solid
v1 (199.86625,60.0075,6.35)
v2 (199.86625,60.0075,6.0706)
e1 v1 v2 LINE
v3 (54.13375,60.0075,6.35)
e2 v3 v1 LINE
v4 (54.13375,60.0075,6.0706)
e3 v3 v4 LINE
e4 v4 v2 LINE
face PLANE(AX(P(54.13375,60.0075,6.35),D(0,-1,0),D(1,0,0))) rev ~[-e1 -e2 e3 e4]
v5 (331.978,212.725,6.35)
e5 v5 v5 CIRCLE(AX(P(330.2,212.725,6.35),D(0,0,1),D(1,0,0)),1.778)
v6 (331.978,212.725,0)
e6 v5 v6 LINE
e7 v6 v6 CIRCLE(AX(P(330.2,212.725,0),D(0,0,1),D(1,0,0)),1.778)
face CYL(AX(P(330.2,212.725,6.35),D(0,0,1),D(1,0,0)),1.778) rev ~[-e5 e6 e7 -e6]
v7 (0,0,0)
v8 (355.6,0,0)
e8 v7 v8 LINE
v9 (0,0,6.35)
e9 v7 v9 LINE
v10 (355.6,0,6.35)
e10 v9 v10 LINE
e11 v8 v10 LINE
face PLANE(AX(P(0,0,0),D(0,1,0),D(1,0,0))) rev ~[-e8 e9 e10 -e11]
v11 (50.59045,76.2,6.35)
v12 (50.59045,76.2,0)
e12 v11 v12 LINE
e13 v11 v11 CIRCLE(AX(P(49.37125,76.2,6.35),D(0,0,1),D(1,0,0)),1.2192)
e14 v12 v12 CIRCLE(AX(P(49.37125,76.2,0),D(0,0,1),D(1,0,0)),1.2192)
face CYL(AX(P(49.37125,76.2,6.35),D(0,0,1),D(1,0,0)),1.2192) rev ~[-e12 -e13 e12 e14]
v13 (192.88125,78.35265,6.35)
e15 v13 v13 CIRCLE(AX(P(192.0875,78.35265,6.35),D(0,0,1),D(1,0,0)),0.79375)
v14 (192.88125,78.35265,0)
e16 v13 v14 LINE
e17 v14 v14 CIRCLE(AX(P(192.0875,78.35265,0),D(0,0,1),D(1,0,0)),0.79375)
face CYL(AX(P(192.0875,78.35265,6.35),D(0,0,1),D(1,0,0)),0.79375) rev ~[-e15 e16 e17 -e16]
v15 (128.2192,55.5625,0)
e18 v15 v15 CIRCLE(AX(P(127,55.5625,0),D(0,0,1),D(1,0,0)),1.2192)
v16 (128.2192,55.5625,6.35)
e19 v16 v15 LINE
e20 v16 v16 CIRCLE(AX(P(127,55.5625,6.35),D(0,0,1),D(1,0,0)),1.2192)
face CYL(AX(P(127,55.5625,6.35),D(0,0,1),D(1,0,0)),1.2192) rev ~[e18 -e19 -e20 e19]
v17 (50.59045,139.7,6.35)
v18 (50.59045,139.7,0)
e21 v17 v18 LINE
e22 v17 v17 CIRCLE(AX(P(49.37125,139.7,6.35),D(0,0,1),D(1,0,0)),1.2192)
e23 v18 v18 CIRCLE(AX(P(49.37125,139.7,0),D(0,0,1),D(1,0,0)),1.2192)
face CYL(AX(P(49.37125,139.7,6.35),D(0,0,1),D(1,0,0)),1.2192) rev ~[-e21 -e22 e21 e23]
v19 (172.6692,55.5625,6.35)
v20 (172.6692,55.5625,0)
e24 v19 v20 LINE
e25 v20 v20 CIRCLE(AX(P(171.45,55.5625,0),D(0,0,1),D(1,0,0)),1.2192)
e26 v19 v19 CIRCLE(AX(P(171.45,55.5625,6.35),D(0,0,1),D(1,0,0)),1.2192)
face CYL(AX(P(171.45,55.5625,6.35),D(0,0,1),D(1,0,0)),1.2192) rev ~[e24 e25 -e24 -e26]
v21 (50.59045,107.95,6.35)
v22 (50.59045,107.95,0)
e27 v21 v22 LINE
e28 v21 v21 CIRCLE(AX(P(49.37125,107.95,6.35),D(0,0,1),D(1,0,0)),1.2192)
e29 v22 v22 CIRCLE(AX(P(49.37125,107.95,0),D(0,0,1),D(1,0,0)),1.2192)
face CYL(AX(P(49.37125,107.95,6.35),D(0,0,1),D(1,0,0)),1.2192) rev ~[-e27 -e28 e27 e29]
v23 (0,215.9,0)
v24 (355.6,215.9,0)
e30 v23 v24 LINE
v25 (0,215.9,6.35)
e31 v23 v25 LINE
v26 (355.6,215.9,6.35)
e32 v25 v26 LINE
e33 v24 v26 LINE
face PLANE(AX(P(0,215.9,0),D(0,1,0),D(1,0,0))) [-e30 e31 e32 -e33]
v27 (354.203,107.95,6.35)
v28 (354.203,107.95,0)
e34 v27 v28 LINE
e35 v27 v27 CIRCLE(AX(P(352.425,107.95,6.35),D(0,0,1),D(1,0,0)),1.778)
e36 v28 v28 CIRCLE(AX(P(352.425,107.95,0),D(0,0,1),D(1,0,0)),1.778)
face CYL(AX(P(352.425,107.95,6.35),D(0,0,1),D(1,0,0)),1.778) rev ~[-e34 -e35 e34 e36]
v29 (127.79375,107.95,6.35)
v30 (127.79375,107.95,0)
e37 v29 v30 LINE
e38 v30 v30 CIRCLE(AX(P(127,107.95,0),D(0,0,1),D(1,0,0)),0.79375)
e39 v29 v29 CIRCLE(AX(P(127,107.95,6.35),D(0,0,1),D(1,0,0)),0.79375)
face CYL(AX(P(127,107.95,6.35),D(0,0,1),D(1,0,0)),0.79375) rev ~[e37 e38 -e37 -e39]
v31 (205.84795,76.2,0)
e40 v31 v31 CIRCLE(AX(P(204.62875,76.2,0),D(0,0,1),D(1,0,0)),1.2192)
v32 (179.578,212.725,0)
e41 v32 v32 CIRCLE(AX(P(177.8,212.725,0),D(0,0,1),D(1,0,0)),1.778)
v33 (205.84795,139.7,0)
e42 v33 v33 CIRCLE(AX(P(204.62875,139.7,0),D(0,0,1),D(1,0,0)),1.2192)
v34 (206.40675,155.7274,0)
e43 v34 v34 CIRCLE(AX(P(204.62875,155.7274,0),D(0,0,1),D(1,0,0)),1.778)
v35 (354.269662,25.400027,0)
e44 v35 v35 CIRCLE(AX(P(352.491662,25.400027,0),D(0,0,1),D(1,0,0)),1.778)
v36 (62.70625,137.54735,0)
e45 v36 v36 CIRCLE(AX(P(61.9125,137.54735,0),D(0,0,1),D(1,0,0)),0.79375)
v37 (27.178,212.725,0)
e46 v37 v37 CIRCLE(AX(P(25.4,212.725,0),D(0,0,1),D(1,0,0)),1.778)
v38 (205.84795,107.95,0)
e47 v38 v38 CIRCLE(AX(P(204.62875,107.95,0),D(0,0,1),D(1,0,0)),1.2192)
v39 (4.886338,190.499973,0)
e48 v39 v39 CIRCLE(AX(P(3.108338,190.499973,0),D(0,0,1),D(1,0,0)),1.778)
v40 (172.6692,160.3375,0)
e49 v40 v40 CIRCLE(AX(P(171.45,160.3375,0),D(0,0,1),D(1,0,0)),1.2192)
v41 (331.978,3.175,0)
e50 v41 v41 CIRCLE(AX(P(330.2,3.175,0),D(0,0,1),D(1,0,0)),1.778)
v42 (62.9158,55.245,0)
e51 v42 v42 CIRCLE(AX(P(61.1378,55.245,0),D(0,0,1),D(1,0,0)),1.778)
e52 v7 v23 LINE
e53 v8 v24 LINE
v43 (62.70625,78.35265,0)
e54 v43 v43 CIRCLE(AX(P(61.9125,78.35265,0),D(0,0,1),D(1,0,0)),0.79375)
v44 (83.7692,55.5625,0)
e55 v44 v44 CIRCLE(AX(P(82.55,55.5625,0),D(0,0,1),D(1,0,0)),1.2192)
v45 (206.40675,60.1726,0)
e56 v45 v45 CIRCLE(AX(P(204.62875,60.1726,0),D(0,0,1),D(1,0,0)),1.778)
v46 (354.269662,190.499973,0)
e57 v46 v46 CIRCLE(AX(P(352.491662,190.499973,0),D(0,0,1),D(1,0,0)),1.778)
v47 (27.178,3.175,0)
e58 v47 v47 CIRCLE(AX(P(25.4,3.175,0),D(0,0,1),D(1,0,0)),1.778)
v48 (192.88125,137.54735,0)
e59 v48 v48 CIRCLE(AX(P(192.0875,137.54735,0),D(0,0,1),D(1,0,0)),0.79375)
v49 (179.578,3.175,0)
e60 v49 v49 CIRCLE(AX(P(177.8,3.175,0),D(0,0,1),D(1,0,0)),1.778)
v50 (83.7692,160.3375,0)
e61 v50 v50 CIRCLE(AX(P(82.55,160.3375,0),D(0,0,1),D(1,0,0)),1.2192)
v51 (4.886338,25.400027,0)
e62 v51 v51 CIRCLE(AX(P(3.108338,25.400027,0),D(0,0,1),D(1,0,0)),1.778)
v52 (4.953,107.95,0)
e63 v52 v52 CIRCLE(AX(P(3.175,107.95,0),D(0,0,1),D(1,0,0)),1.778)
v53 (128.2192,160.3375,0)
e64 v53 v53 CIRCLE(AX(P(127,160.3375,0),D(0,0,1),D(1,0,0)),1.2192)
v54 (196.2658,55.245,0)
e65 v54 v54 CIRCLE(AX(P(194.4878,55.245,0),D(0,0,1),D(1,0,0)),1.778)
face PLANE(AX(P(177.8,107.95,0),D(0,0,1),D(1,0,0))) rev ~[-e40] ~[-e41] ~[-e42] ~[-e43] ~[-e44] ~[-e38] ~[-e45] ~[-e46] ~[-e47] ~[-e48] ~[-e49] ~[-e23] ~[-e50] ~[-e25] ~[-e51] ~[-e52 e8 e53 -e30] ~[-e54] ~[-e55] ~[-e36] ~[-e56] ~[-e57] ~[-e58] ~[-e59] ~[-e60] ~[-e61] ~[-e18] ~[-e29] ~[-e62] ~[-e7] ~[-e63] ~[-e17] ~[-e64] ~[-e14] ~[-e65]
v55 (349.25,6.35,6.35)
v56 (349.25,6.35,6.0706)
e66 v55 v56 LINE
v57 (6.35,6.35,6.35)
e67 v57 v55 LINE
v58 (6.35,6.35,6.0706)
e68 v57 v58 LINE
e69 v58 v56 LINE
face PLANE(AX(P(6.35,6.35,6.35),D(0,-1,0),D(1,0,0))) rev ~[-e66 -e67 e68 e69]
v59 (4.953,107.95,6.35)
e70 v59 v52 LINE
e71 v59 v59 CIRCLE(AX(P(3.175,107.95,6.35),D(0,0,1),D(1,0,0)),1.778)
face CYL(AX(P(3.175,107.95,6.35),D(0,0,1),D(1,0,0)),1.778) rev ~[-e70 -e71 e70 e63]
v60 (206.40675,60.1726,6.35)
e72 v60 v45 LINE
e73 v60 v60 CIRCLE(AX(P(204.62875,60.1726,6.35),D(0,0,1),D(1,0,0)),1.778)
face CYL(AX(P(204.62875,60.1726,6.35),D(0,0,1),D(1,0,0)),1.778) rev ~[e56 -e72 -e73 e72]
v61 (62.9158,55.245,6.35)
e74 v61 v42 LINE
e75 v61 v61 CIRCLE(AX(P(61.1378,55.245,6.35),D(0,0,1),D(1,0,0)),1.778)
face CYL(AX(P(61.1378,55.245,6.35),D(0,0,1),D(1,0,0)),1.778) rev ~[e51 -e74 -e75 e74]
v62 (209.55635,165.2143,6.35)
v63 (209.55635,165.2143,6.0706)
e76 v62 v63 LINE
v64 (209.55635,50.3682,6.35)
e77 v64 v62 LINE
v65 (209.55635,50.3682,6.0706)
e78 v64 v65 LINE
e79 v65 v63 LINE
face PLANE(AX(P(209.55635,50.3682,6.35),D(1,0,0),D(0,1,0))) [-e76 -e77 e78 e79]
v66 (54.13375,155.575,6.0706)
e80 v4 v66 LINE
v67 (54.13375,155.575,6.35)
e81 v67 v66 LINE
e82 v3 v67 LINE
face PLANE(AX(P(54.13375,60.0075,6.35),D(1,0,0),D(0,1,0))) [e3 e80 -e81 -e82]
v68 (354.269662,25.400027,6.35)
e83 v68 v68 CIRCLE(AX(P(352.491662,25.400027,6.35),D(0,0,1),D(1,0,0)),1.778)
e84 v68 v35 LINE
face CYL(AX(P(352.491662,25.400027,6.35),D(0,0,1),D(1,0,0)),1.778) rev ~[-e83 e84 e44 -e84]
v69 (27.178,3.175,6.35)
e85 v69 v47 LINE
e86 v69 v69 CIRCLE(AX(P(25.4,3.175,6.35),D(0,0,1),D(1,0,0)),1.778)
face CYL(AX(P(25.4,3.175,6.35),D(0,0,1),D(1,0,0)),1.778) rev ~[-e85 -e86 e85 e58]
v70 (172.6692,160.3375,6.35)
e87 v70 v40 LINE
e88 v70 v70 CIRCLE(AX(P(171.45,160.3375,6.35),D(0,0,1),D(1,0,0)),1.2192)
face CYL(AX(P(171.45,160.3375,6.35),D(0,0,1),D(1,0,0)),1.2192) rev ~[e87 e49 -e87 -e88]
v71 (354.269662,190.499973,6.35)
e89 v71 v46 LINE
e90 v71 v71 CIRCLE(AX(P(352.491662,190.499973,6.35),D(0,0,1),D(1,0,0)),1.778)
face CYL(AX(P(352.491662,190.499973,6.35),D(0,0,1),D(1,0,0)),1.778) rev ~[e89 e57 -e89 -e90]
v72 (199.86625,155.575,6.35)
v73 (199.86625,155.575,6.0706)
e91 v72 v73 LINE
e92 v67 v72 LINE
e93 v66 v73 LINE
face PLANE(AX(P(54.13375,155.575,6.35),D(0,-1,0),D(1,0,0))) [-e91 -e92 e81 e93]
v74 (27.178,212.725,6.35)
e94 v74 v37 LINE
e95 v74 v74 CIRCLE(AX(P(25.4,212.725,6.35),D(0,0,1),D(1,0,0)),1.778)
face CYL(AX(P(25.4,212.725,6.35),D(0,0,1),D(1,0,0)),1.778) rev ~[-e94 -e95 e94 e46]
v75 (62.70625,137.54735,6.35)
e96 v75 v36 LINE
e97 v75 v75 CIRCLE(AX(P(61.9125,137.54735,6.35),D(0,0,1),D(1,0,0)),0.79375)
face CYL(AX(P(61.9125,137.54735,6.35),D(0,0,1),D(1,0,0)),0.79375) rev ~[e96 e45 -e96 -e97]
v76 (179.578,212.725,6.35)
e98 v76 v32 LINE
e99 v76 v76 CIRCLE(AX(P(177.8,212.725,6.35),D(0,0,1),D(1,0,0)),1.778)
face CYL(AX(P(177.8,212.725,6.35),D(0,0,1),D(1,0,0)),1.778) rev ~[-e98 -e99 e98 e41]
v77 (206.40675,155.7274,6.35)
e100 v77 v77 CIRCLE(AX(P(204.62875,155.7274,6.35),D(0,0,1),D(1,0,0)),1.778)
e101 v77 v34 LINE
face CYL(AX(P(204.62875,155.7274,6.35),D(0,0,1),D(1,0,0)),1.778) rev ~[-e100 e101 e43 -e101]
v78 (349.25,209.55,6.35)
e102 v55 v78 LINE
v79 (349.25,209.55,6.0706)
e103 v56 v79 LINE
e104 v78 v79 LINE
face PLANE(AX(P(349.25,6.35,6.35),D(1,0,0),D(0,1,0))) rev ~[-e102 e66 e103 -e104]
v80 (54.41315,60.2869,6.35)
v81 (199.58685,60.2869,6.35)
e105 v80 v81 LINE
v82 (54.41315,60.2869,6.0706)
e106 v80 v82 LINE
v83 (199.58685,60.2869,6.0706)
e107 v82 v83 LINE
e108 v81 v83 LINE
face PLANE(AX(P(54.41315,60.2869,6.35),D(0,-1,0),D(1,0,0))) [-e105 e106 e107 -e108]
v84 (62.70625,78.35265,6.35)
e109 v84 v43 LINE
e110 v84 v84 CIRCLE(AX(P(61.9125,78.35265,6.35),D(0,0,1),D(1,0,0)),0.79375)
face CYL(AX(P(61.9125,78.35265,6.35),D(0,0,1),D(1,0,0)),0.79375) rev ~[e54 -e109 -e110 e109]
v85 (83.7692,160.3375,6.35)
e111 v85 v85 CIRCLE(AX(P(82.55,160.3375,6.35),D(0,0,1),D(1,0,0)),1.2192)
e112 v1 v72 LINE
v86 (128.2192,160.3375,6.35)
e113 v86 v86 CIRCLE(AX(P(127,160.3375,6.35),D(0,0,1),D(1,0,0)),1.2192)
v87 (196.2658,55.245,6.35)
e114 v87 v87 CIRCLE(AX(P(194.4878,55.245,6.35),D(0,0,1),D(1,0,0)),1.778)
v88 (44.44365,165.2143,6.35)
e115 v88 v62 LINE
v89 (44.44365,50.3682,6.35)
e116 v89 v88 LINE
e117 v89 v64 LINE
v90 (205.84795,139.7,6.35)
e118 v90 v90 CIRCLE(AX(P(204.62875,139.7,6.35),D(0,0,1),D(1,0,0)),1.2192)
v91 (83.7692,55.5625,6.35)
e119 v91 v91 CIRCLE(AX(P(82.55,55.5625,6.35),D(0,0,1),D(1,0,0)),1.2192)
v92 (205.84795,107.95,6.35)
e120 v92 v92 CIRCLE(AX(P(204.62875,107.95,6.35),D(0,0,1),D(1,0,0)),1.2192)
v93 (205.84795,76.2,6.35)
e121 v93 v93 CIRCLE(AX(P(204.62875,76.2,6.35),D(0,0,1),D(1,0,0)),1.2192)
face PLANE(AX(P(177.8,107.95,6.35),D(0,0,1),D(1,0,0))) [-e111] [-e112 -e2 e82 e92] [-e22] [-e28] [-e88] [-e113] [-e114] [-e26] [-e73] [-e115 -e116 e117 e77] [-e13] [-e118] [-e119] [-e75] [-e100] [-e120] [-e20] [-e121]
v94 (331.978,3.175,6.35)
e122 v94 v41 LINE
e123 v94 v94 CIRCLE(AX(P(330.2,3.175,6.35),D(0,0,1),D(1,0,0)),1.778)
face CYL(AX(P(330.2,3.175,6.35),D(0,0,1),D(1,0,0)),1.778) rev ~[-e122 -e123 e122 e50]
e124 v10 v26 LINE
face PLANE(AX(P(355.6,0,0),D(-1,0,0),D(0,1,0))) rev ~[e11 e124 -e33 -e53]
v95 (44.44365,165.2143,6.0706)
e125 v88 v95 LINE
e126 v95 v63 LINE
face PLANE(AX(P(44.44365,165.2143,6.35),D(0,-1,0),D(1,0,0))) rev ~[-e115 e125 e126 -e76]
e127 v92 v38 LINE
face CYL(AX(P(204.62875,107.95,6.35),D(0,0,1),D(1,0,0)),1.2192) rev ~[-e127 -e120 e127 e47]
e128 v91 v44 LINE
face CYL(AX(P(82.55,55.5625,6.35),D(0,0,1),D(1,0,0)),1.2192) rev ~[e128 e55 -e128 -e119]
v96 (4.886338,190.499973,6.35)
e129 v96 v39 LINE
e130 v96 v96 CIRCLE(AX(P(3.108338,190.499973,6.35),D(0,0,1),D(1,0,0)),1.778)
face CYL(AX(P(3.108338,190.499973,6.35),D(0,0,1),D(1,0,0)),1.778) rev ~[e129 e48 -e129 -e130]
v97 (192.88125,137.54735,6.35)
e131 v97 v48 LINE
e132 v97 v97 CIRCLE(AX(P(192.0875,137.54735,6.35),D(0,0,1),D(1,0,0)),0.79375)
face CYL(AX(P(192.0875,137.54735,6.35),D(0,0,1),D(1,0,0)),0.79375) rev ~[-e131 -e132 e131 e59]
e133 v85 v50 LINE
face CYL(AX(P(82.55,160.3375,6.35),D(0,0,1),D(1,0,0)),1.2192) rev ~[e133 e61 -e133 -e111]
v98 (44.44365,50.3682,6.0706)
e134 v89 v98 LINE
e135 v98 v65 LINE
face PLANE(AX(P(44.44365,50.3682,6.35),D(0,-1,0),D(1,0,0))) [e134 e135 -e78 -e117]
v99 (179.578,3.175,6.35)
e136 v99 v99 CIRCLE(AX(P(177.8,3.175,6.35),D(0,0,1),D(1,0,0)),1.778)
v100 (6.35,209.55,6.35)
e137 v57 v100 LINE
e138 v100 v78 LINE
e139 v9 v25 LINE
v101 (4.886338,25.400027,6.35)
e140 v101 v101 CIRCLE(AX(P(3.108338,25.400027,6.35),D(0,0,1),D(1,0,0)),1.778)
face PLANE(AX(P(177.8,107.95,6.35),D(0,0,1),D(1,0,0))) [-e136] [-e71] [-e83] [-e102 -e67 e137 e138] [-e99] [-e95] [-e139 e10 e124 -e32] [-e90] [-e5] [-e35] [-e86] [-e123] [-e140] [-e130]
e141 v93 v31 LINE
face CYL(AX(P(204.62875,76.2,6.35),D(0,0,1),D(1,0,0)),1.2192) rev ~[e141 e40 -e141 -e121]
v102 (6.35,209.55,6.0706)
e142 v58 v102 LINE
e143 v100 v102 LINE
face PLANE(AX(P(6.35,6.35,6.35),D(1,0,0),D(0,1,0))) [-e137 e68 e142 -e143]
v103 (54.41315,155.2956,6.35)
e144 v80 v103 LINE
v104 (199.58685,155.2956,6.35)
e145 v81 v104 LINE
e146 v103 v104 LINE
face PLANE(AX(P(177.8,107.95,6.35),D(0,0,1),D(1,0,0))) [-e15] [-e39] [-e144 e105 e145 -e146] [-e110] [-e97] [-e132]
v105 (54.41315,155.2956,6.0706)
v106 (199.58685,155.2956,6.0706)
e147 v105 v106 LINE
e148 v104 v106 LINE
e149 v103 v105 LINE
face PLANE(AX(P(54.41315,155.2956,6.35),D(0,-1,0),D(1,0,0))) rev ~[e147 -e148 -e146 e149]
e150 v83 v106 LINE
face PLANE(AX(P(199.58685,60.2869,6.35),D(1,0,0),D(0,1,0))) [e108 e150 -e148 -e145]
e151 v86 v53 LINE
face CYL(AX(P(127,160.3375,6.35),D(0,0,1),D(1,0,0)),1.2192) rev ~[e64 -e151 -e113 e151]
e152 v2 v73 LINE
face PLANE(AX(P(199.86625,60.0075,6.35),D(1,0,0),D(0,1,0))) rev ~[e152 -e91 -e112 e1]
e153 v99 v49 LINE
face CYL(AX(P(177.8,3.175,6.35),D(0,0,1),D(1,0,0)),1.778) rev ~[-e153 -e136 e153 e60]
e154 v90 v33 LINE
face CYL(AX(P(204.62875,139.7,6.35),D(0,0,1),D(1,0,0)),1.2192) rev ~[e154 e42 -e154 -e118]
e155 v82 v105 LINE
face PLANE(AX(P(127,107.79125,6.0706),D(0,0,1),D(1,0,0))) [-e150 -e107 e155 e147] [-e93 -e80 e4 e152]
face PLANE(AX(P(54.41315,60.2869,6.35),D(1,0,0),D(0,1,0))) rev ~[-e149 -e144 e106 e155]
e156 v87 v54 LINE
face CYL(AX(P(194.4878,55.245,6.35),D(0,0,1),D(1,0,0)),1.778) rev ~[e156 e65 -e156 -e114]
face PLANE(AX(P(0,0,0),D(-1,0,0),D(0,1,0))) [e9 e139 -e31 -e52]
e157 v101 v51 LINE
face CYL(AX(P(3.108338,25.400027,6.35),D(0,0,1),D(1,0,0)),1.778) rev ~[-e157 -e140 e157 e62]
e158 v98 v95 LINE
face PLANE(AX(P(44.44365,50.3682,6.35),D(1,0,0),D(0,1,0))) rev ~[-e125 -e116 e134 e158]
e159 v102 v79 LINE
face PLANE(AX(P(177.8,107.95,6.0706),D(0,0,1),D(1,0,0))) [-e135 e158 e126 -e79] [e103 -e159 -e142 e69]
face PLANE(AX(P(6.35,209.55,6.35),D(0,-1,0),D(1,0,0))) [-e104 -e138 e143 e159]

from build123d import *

# Parameters (mm, degrees)
F0_W      = 355.6
F0_H      = 215.9
F1_DEPTH  = 6.35
F2_R      = 1.778
F3_DEPTH  = 6.351
F4_R      = 0.79375
F5_DEPTH  = 6.351
F6_R      = 1.778
F7_DEPTH  = 6.351
F8_R      = 1.2192
F9_DEPTH  = 6.351
F10_W     = 342.9
F10_H     = 203.2
F10_W_2   = 165.1127
F10_H_2   = 114.8461
F10_W_3   = 145.7325
F10_H_3   = 95.5675
F10_W_4   = 145.1737
F10_H_4   = 95.0087
F11_DEPTH = 0.2794


with BuildPart() as f1:
    # F0 (on Top) → F1 (new body)
    with BuildSketch(Plane.XY):
        with Locations((177.8, 107.95)):
            Rectangle(F0_W, F0_H)
    extrude(amount=F1_DEPTH)

    # F2 (on face) → F3 (cut, through all)
    with BuildSketch(Plane.XY.offset(6.35)):
        with Locations((3.175, 107.95)):
            Circle(F2_R)
        with Locations((3.108338, 25.400027)):
            Circle(F2_R)
        with Locations((3.108338, 190.499973)):
            Circle(F2_R)
        with Locations((177.8, 3.175)):
            Circle(F2_R)
        with Locations((330.2, 3.175)):
            Circle(F2_R)
        with Locations((330.2, 212.725)):
            Circle(F2_R)
        with Locations((25.4, 3.175)):
            Circle(F2_R)
        with Locations((177.8, 212.725)):
            Circle(F2_R)
        with Locations((25.4, 212.725)):
            Circle(F2_R)
        with Locations((352.491662, 190.499973)):
            Circle(F2_R)
        with Locations((352.425, 107.95)):
            Circle(F2_R)
        with Locations((352.491662, 25.400027)):
            Circle(F2_R)
    extrude(amount=-F3_DEPTH, mode=Mode.SUBTRACT)

    # F4 (on face) → F5 (cut, through all)
    with BuildSketch(Plane.XY.offset(6.35)):
        with Locations((127, 107.95)):
            Circle(F4_R)
        with Locations((61.9125, 78.35265)):
            Circle(F4_R)
        with Locations((192.0875, 78.35265)):
            Circle(F4_R)
        with Locations((61.9125, 137.54735)):
            Circle(F4_R)
        with Locations((192.0875, 137.54735)):
            Circle(F4_R)
    extrude(amount=-F5_DEPTH, mode=Mode.SUBTRACT)

    # F6 (on face) → F7 (cut, through all)
    with BuildSketch(Plane.XY.offset(6.35)):
        with Locations((204.62875, 155.7274)):
            Circle(F6_R)
        with Locations((204.62875, 60.1726)):
            Circle(F6_R)
        with Locations((194.4878, 55.245)):
            Circle(F6_R)
        with Locations((61.1378, 55.245)):
            Circle(F6_R)
    extrude(amount=-F7_DEPTH, mode=Mode.SUBTRACT)

    # F8 (on face) → F9 (cut, through all)
    with BuildSketch(Plane.XY.offset(6.35)):
        with Locations((82.55, 160.3375)):
            Circle(F8_R)
        with Locations((127, 160.3375)):
            Circle(F8_R)
        with Locations((171.45, 160.3375)):
            Circle(F8_R)
        with Locations((82.55, 55.5625)):
            Circle(F8_R)
        with Locations((127, 55.5625)):
            Circle(F8_R)
        with Locations((171.45, 55.5625)):
            Circle(F8_R)
        with Locations((204.62875, 139.7)):
            Circle(F8_R)
        with Locations((204.62875, 76.2)):
            Circle(F8_R)
        with Locations((204.62875, 107.95)):
            Circle(F8_R)
        with Locations((49.37125, 139.7)):
            Circle(F8_R)
        with Locations((49.37125, 107.95)):
            Circle(F8_R)
        with Locations((49.37125, 76.2)):
            Circle(F8_R)
    extrude(amount=-F9_DEPTH, mode=Mode.SUBTRACT)

    # F10 (on face) → F11 (cut)
    with BuildSketch(Plane.XY.offset(6.35)):
        with Locations((177.8, 107.95)):
            Rectangle(F10_W, F10_H)
        with Locations((127, 107.79125)):
            Rectangle(F10_W_2, F10_H_2, mode=Mode.SUBTRACT)
        with Locations((127, 107.79125)):
            Rectangle(F10_W_3, F10_H_3)
        with Locations((127, 107.79125)):
            Rectangle(F10_W_4, F10_H_4, mode=Mode.SUBTRACT)
    extrude(amount=-F11_DEPTH, mode=Mode.SUBTRACT)


solid = f1.part
